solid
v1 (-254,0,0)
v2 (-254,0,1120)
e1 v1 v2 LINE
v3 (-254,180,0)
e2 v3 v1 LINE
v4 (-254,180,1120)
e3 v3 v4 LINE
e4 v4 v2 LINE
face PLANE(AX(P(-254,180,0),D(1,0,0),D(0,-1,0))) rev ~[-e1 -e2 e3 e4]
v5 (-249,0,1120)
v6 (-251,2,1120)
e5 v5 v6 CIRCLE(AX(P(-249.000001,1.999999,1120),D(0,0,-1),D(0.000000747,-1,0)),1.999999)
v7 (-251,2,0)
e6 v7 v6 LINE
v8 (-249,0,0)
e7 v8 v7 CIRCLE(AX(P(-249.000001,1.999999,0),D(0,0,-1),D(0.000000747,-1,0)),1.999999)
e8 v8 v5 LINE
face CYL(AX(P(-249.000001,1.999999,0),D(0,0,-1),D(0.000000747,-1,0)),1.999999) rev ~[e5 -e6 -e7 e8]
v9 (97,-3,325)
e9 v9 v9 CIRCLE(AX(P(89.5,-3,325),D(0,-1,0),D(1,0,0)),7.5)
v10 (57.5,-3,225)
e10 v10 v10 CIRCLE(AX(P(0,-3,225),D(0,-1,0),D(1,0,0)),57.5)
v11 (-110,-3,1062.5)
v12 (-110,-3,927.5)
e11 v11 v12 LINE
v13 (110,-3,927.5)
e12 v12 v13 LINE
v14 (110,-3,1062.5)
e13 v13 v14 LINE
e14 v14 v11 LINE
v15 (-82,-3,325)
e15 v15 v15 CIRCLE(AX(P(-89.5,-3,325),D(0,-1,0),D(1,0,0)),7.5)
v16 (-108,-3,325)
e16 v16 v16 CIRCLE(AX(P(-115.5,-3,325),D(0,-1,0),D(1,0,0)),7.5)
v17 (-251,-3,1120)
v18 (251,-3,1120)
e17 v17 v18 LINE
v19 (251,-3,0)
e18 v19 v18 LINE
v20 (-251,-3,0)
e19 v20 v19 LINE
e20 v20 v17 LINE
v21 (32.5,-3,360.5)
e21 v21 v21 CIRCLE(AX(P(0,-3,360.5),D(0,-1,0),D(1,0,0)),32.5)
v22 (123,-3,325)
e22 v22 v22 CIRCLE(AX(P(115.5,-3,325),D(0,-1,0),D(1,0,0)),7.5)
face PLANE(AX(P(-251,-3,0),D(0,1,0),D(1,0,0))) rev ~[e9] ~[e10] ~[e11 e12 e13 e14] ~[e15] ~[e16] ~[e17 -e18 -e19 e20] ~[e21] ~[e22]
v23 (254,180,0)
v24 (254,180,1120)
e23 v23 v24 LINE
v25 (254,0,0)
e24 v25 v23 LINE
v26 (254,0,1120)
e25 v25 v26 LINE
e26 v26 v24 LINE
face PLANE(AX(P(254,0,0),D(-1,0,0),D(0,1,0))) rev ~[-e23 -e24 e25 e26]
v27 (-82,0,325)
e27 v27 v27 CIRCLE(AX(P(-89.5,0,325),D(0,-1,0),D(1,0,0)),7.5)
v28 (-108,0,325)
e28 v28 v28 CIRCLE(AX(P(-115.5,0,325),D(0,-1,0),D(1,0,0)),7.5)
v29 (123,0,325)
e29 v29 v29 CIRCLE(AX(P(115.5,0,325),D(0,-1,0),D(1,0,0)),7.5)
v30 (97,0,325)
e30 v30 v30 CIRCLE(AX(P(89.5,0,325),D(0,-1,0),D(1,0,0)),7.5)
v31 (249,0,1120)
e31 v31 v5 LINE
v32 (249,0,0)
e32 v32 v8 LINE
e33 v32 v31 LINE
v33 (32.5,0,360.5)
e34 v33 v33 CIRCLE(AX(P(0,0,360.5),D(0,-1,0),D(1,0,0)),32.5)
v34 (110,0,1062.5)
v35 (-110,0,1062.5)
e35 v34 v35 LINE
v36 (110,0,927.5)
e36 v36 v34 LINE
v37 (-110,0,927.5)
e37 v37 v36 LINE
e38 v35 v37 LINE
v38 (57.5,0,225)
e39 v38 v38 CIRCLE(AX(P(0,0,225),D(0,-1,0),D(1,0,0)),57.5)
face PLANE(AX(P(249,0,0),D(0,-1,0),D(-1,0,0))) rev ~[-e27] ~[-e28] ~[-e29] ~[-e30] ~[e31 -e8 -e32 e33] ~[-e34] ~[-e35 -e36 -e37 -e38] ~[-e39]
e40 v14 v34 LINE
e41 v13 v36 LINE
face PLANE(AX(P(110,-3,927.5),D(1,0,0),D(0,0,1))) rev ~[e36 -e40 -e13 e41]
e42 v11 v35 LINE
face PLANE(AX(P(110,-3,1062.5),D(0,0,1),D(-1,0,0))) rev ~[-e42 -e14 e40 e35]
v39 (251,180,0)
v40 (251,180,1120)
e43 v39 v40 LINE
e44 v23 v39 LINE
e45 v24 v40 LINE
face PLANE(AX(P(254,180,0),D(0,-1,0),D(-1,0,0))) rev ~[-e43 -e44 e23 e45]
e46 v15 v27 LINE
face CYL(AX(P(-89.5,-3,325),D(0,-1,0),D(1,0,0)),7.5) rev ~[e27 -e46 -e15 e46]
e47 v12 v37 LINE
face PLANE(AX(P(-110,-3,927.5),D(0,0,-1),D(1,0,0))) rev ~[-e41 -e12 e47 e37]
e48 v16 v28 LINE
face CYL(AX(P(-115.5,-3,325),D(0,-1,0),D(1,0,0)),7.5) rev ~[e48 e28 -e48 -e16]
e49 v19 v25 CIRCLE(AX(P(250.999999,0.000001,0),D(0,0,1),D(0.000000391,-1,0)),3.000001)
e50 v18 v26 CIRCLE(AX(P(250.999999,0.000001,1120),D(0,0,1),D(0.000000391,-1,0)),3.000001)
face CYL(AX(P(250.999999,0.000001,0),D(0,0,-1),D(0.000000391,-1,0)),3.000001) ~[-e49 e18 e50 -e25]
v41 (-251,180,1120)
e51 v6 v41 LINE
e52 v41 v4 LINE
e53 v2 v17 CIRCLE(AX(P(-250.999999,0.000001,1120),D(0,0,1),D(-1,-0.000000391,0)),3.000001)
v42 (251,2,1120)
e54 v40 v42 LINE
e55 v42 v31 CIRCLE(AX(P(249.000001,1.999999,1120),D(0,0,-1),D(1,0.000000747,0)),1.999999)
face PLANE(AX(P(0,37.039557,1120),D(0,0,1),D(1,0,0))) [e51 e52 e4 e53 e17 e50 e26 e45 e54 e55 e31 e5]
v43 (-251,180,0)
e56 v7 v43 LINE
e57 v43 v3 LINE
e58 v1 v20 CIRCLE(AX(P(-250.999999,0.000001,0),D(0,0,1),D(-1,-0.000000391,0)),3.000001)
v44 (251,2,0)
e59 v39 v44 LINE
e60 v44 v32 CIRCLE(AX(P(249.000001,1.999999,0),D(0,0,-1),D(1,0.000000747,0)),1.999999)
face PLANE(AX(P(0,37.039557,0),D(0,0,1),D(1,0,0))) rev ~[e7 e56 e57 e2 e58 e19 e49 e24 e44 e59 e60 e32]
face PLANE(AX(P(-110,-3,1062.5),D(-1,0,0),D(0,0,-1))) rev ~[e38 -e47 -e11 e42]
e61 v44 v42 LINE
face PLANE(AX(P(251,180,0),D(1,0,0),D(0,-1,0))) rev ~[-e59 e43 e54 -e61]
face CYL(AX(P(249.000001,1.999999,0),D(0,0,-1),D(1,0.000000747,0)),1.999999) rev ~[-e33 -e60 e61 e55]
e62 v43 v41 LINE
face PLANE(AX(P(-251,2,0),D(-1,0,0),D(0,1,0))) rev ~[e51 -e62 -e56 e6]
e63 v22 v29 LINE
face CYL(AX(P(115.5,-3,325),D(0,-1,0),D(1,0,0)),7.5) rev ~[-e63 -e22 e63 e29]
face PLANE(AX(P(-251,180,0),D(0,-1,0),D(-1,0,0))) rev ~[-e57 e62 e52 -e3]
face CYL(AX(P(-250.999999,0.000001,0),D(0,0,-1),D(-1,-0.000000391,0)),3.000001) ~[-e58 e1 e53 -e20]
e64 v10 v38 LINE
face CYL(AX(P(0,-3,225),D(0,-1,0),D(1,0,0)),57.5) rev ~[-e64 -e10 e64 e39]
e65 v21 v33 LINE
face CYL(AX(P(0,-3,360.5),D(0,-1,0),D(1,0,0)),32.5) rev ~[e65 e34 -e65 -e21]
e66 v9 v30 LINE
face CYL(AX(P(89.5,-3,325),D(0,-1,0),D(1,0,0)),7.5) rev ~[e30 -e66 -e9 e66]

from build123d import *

# Parameters (mm, degrees)
F1_DEPTH = 1120
F2_R     = 57.5
F3_DEPTH = 183.001
F4_R     = 32.5
F5_DEPTH = 183.001
F7_DEPTH = 183.001
F8_R     = 7.5
F9_DEPTH = 183.001


with BuildPart() as f1:
    # F0 (on Top) → F1 (new body)
    with BuildSketch(Plane.XY):
        with BuildLine():
            Line((249, 0), (0, 0))
            Line((0, 0), (-249, 0))
            ThreePointArc((-249, 0), (-250.414214, 0.585786), (-251, 2))
            Line((-251, 2), (-251, 180))
            Line((-251, 180), (-254, 180))
            Line((-254, 180), (-254, 0))
            ThreePointArc((-254, 0), (-253.12132, -2.12132), (-251, -3))
            Line((-251, -3), (0, -3))
            Line((0, -3), (251, -3))
            ThreePointArc((251, -3), (253.12132, -2.12132), (254, 0))
            Line((254, 0), (254, 180))
            Line((254, 180), (251, 180))
            Line((251, 180), (251, 2))
            ThreePointArc((251, 2), (250.414214, 0.585786), (249, 0))
        make_face()
    extrude(amount=F1_DEPTH)

    # F2 (on face) → F3 (cut, through all)
    with BuildSketch(Plane.XZ.offset(3)):
        with Locations((0, 225)):
            Circle(F2_R)
    extrude(amount=-F3_DEPTH, mode=Mode.SUBTRACT)

    # F4 (on face) → F5 (cut, through all)
    with BuildSketch(Plane.XZ.offset(3)):
        with Locations((0, 360.5)):
            Circle(F4_R)
    extrude(amount=-F5_DEPTH, mode=Mode.SUBTRACT)

    # F6 (on face) → F7 (cut, through all)
    with BuildSketch(Plane.XZ.offset(3)):
        Polygon((-110, 927.5), (0, 927.5), (110, 927.5), (110, 1062.5), (0, 1062.5), (-110, 1062.5), align=None)
    extrude(amount=-F7_DEPTH, mode=Mode.SUBTRACT)

    # F8 (on face) → F9 (cut, through all)
    with BuildSketch(Plane.XZ.offset(3)):
        with Locations((-115.5, 325)):
            Circle(F8_R)
        with Locations((-89.5, 325)):
            Circle(F8_R)
        with Locations((89.5, 325)):
            Circle(F8_R)
        with Locations((115.5, 325)):
            Circle(F8_R)
    extrude(amount=-F9_DEPTH, mode=Mode.SUBTRACT)


solid = f1.part
